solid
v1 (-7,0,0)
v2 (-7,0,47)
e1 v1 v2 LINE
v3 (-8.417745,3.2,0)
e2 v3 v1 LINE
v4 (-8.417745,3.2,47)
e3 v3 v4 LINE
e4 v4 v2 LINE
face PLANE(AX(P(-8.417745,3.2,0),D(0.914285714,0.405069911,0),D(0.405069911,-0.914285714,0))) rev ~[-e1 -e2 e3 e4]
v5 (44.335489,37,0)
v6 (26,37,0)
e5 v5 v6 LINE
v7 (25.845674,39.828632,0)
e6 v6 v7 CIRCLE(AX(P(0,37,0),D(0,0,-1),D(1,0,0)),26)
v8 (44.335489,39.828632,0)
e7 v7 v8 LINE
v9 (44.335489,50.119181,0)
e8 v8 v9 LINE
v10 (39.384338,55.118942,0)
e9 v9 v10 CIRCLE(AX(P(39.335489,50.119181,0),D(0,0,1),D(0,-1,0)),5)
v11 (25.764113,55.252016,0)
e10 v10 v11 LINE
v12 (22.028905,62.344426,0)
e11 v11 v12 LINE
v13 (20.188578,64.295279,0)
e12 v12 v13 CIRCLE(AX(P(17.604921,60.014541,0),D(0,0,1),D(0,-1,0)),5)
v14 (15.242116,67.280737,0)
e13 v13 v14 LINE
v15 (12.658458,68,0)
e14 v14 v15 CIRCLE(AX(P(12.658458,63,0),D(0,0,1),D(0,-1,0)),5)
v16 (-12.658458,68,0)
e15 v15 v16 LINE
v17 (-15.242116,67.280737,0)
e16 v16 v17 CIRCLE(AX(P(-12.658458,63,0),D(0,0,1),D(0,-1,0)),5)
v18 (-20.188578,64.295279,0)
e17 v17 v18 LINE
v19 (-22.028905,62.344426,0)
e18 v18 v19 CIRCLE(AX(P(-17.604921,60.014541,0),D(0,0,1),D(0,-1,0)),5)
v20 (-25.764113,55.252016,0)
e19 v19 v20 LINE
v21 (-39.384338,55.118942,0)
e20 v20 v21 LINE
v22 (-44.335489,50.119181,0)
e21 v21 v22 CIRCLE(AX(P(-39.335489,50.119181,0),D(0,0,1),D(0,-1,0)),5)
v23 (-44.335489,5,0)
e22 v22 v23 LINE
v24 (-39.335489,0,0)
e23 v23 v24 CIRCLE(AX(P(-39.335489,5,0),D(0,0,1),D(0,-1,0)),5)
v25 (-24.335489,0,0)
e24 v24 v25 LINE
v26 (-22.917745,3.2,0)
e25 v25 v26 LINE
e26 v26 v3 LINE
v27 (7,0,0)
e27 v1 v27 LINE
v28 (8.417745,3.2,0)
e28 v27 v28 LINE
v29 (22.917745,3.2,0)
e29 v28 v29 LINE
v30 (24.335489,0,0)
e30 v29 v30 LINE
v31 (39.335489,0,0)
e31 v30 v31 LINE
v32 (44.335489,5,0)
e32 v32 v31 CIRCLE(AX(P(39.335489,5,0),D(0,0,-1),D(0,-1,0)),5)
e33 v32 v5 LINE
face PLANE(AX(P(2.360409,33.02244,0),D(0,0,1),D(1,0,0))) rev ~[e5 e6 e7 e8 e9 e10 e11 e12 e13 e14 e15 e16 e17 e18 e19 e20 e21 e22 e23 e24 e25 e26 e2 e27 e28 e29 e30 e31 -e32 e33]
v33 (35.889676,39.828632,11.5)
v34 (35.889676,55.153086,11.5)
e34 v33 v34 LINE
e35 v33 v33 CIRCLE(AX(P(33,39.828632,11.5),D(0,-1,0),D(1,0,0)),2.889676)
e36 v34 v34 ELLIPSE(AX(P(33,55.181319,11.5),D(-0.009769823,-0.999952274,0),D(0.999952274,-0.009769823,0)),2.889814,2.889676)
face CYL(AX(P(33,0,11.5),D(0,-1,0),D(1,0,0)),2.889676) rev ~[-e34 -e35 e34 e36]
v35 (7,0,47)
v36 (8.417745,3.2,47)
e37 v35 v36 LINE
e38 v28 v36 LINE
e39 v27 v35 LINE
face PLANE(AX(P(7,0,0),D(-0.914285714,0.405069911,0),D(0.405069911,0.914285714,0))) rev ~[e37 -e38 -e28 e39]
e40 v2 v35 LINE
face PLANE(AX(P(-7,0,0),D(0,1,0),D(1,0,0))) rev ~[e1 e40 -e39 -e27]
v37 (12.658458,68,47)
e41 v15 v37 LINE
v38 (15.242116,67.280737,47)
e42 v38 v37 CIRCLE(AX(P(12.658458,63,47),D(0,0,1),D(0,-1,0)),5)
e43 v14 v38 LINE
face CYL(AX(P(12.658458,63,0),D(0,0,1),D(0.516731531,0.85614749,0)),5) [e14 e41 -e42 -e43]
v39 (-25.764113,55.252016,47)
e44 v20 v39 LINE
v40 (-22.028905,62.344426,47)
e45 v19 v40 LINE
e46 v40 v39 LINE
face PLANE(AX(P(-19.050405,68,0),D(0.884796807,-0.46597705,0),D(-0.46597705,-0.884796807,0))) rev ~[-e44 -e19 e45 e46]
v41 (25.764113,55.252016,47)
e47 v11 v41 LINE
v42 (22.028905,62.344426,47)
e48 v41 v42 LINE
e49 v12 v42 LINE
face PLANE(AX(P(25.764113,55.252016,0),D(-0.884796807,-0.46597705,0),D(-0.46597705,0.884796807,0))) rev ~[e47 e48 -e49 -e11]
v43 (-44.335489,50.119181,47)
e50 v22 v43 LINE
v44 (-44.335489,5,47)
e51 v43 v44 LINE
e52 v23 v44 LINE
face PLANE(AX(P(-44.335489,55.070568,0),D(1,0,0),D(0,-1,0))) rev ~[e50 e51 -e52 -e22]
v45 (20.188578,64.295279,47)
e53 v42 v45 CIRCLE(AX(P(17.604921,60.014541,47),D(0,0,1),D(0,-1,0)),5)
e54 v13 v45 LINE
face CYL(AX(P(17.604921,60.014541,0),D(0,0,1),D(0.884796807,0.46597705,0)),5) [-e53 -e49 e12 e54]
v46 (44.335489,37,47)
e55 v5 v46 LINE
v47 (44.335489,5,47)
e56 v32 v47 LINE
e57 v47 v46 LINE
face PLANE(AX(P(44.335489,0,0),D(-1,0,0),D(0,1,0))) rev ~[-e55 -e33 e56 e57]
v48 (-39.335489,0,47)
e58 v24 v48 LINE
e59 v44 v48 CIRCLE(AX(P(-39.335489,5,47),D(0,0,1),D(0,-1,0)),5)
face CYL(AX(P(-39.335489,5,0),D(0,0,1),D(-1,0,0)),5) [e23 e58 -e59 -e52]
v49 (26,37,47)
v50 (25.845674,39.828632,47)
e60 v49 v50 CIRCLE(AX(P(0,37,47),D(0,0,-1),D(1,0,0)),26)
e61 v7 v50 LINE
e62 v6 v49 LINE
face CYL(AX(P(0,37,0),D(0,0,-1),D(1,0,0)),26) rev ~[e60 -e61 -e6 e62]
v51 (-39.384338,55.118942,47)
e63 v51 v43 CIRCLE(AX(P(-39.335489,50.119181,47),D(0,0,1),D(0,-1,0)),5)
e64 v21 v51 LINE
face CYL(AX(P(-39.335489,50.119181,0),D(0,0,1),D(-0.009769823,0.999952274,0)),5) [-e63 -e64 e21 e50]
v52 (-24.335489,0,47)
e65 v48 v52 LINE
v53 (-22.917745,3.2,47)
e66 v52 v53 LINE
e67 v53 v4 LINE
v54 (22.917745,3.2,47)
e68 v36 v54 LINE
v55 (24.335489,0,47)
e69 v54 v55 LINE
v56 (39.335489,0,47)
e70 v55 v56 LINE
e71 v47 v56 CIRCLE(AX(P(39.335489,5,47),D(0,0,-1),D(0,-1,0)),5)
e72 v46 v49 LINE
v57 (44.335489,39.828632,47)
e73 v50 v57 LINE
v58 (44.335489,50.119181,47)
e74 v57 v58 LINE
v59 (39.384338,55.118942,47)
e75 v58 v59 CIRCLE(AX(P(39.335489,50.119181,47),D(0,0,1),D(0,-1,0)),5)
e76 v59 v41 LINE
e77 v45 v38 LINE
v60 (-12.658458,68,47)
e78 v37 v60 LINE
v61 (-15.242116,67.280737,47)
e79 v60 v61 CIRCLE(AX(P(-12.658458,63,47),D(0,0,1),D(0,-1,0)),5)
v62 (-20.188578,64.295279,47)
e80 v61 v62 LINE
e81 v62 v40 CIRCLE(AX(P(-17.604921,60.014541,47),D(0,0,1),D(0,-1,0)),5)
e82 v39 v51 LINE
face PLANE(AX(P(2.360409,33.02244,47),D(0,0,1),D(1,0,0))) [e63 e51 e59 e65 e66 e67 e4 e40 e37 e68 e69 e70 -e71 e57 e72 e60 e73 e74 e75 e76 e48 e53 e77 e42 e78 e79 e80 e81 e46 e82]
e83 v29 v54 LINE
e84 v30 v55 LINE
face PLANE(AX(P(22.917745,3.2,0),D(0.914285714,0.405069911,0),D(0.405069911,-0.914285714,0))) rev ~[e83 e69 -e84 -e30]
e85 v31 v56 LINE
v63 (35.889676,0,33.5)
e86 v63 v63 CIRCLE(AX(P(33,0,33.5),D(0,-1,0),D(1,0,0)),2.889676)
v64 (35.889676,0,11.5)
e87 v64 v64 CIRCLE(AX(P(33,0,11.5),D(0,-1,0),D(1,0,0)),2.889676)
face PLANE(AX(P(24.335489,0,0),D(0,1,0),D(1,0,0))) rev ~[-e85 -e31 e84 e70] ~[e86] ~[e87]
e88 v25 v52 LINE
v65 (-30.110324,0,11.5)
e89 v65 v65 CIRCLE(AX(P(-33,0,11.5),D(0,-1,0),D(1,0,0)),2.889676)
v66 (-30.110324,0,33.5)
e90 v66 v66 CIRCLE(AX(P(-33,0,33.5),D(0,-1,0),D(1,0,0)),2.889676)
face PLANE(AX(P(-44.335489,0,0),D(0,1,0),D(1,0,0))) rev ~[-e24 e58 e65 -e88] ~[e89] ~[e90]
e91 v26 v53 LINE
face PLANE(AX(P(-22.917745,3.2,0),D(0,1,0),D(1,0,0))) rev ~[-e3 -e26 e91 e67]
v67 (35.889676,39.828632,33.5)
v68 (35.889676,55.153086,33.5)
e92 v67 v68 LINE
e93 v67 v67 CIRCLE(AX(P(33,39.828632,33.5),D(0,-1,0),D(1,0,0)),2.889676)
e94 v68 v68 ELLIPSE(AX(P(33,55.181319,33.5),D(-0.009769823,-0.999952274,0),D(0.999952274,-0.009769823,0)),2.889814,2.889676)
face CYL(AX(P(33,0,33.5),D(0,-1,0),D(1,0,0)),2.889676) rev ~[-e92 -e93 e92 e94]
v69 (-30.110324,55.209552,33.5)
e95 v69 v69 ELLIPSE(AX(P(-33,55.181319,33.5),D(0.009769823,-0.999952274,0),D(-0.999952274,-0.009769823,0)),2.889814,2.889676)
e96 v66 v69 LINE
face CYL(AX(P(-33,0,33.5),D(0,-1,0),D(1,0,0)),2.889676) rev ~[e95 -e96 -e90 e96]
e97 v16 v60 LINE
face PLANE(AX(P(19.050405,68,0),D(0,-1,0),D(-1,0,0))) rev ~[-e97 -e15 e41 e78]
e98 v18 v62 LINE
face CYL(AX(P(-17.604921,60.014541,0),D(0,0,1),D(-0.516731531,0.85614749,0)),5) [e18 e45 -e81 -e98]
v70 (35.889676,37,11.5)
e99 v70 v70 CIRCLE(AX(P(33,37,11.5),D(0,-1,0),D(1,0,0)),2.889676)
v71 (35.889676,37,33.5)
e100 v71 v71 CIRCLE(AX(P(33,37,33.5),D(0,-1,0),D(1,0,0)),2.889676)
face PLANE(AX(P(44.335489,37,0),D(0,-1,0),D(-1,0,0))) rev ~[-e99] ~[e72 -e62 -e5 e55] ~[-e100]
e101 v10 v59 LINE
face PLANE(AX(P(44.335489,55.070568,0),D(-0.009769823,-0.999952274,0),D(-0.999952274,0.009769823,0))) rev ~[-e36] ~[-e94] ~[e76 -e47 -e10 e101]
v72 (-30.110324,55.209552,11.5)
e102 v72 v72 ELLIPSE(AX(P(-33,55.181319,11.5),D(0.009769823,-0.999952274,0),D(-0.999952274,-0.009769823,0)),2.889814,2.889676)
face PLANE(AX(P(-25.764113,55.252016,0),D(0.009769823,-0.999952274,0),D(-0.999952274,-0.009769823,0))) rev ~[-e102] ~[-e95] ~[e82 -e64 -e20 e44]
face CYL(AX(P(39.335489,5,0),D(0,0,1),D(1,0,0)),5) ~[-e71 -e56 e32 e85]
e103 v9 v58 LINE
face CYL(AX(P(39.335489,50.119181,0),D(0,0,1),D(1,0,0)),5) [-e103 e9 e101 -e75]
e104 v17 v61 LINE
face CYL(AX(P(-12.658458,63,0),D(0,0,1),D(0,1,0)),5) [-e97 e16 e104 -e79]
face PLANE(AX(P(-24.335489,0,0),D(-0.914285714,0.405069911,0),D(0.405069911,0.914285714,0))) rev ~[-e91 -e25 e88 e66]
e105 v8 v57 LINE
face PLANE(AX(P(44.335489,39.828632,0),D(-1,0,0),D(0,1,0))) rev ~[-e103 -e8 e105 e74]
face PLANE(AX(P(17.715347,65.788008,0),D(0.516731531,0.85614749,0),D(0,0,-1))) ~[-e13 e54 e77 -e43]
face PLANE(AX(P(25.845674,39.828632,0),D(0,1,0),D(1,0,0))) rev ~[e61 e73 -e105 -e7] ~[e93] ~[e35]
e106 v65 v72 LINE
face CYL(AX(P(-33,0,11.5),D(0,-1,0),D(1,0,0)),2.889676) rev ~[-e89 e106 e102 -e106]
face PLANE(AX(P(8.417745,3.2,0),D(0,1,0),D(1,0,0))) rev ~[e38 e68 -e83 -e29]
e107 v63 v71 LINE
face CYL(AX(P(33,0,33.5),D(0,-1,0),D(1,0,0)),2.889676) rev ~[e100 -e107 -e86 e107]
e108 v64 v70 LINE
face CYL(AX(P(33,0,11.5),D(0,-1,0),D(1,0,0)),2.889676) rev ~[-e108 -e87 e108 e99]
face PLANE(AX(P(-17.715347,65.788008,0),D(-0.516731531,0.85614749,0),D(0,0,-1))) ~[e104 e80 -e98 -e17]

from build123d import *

# Parameters (mm, degrees)
F2_DEPTH = 47
F0_R     = 2.88967587
F3_DEPTH = 69
F4_R     = 5
F5_SIZE  = 5
F6_R     = 5


with BuildPart() as f2:
    # F1 (on Top) → F2 (new body)
    with BuildSketch(Plane.XY):
        with BuildLine():
            Line((-7, 0), (0, 0))
            Line((0, 0), (7, 0))
            Line((7, 0), (8.4177446879, 3.2))
            Line((8.4177446879, 3.2), (22.9177446879, 3.2))
            Line((22.9177446879, 3.2), (24.3354893758, 0))
            Line((24.3354893758, 0), (44.3354893758, 0))
            Line((44.3354893758, 0), (44.3354893758, 37))
            Line((44.3354893758, 37), (26, 37))
            ThreePointArc((26, 37), (-25.9613897172, 35.5835805883), (25.8456735423, 39.8286320269))
            Line((25.8456735423, 39.8286320269), (44.3354893758, 39.8286320269))
            Line((44.3354893758, 39.8286320269), (44.3354893758, 55.0705678761))
            Line((44.3354893758, 55.0705678761), (25.764113456, 55.2520155907))
            Line((25.764113456, 55.2520155907), (19.0504045933, 68))
            Line((19.0504045933, 68), (-19.0504045933, 68))
            Line((-19.0504045933, 68), (-25.764113456, 55.2520155907))
            Line((-25.764113456, 55.2520155907), (-44.3354893758, 55.0705678761))
            Line((-44.3354893758, 55.0705678761), (-44.3354893758, 0))
            Line((-44.3354893758, 0), (-24.3354893758, 0))
            Line((-24.3354893758, 0), (-22.9177446879, 3.2))
            Line((-22.9177446879, 3.2), (-8.4177446879, 3.2))
            Line((-8.4177446879, 3.2), (-7, 0))
        make_face()
    extrude(amount=F2_DEPTH)

    # F0 (on Front) → F3 (cut)
    with BuildSketch(Plane.XZ):
        with Locations((-33, 33.5)):
            Circle(F0_R)
        with Locations((-33, 11.5)):
            Circle(F0_R)
        with Locations((33, 33.5)):
            Circle(F0_R)
        with Locations((33, 11.5)):
            Circle(F0_R)
    extrude(amount=-F3_DEPTH, mode=Mode.SUBTRACT)

    # F4
    f4_edges = [f2.edges().sort_by_distance(p)[0] for p in [
        (-44.335489, 55.070568, 23.5),
        (44.335489, 55.070568, 23.5),
    ]]
    fillet(f4_edges, radius=F4_R)

    # F5
    f5_edges = [f2.edges().sort_by_distance(p)[0] for p in [
        (19.050405, 68, 23.5),
        (-19.050405, 68, 23.5),
    ]]
    chamfer(f5_edges, length=F5_SIZE)

    # F6
    f6_edges = [f2.edges().sort_by_distance(p)[0] for p in [
        (21.38029, 63.576016, 23.5),
        (14.050405, 68, 23.5),
        (-14.050405, 68, 23.5),
        (-21.38029, 63.576016, 23.5),
        (44.335489, 0, 23.5),
        (-44.335489, 0, 23.5),
    ]]
    fillet(f6_edges, radius=F6_R)


solid = f2.part
